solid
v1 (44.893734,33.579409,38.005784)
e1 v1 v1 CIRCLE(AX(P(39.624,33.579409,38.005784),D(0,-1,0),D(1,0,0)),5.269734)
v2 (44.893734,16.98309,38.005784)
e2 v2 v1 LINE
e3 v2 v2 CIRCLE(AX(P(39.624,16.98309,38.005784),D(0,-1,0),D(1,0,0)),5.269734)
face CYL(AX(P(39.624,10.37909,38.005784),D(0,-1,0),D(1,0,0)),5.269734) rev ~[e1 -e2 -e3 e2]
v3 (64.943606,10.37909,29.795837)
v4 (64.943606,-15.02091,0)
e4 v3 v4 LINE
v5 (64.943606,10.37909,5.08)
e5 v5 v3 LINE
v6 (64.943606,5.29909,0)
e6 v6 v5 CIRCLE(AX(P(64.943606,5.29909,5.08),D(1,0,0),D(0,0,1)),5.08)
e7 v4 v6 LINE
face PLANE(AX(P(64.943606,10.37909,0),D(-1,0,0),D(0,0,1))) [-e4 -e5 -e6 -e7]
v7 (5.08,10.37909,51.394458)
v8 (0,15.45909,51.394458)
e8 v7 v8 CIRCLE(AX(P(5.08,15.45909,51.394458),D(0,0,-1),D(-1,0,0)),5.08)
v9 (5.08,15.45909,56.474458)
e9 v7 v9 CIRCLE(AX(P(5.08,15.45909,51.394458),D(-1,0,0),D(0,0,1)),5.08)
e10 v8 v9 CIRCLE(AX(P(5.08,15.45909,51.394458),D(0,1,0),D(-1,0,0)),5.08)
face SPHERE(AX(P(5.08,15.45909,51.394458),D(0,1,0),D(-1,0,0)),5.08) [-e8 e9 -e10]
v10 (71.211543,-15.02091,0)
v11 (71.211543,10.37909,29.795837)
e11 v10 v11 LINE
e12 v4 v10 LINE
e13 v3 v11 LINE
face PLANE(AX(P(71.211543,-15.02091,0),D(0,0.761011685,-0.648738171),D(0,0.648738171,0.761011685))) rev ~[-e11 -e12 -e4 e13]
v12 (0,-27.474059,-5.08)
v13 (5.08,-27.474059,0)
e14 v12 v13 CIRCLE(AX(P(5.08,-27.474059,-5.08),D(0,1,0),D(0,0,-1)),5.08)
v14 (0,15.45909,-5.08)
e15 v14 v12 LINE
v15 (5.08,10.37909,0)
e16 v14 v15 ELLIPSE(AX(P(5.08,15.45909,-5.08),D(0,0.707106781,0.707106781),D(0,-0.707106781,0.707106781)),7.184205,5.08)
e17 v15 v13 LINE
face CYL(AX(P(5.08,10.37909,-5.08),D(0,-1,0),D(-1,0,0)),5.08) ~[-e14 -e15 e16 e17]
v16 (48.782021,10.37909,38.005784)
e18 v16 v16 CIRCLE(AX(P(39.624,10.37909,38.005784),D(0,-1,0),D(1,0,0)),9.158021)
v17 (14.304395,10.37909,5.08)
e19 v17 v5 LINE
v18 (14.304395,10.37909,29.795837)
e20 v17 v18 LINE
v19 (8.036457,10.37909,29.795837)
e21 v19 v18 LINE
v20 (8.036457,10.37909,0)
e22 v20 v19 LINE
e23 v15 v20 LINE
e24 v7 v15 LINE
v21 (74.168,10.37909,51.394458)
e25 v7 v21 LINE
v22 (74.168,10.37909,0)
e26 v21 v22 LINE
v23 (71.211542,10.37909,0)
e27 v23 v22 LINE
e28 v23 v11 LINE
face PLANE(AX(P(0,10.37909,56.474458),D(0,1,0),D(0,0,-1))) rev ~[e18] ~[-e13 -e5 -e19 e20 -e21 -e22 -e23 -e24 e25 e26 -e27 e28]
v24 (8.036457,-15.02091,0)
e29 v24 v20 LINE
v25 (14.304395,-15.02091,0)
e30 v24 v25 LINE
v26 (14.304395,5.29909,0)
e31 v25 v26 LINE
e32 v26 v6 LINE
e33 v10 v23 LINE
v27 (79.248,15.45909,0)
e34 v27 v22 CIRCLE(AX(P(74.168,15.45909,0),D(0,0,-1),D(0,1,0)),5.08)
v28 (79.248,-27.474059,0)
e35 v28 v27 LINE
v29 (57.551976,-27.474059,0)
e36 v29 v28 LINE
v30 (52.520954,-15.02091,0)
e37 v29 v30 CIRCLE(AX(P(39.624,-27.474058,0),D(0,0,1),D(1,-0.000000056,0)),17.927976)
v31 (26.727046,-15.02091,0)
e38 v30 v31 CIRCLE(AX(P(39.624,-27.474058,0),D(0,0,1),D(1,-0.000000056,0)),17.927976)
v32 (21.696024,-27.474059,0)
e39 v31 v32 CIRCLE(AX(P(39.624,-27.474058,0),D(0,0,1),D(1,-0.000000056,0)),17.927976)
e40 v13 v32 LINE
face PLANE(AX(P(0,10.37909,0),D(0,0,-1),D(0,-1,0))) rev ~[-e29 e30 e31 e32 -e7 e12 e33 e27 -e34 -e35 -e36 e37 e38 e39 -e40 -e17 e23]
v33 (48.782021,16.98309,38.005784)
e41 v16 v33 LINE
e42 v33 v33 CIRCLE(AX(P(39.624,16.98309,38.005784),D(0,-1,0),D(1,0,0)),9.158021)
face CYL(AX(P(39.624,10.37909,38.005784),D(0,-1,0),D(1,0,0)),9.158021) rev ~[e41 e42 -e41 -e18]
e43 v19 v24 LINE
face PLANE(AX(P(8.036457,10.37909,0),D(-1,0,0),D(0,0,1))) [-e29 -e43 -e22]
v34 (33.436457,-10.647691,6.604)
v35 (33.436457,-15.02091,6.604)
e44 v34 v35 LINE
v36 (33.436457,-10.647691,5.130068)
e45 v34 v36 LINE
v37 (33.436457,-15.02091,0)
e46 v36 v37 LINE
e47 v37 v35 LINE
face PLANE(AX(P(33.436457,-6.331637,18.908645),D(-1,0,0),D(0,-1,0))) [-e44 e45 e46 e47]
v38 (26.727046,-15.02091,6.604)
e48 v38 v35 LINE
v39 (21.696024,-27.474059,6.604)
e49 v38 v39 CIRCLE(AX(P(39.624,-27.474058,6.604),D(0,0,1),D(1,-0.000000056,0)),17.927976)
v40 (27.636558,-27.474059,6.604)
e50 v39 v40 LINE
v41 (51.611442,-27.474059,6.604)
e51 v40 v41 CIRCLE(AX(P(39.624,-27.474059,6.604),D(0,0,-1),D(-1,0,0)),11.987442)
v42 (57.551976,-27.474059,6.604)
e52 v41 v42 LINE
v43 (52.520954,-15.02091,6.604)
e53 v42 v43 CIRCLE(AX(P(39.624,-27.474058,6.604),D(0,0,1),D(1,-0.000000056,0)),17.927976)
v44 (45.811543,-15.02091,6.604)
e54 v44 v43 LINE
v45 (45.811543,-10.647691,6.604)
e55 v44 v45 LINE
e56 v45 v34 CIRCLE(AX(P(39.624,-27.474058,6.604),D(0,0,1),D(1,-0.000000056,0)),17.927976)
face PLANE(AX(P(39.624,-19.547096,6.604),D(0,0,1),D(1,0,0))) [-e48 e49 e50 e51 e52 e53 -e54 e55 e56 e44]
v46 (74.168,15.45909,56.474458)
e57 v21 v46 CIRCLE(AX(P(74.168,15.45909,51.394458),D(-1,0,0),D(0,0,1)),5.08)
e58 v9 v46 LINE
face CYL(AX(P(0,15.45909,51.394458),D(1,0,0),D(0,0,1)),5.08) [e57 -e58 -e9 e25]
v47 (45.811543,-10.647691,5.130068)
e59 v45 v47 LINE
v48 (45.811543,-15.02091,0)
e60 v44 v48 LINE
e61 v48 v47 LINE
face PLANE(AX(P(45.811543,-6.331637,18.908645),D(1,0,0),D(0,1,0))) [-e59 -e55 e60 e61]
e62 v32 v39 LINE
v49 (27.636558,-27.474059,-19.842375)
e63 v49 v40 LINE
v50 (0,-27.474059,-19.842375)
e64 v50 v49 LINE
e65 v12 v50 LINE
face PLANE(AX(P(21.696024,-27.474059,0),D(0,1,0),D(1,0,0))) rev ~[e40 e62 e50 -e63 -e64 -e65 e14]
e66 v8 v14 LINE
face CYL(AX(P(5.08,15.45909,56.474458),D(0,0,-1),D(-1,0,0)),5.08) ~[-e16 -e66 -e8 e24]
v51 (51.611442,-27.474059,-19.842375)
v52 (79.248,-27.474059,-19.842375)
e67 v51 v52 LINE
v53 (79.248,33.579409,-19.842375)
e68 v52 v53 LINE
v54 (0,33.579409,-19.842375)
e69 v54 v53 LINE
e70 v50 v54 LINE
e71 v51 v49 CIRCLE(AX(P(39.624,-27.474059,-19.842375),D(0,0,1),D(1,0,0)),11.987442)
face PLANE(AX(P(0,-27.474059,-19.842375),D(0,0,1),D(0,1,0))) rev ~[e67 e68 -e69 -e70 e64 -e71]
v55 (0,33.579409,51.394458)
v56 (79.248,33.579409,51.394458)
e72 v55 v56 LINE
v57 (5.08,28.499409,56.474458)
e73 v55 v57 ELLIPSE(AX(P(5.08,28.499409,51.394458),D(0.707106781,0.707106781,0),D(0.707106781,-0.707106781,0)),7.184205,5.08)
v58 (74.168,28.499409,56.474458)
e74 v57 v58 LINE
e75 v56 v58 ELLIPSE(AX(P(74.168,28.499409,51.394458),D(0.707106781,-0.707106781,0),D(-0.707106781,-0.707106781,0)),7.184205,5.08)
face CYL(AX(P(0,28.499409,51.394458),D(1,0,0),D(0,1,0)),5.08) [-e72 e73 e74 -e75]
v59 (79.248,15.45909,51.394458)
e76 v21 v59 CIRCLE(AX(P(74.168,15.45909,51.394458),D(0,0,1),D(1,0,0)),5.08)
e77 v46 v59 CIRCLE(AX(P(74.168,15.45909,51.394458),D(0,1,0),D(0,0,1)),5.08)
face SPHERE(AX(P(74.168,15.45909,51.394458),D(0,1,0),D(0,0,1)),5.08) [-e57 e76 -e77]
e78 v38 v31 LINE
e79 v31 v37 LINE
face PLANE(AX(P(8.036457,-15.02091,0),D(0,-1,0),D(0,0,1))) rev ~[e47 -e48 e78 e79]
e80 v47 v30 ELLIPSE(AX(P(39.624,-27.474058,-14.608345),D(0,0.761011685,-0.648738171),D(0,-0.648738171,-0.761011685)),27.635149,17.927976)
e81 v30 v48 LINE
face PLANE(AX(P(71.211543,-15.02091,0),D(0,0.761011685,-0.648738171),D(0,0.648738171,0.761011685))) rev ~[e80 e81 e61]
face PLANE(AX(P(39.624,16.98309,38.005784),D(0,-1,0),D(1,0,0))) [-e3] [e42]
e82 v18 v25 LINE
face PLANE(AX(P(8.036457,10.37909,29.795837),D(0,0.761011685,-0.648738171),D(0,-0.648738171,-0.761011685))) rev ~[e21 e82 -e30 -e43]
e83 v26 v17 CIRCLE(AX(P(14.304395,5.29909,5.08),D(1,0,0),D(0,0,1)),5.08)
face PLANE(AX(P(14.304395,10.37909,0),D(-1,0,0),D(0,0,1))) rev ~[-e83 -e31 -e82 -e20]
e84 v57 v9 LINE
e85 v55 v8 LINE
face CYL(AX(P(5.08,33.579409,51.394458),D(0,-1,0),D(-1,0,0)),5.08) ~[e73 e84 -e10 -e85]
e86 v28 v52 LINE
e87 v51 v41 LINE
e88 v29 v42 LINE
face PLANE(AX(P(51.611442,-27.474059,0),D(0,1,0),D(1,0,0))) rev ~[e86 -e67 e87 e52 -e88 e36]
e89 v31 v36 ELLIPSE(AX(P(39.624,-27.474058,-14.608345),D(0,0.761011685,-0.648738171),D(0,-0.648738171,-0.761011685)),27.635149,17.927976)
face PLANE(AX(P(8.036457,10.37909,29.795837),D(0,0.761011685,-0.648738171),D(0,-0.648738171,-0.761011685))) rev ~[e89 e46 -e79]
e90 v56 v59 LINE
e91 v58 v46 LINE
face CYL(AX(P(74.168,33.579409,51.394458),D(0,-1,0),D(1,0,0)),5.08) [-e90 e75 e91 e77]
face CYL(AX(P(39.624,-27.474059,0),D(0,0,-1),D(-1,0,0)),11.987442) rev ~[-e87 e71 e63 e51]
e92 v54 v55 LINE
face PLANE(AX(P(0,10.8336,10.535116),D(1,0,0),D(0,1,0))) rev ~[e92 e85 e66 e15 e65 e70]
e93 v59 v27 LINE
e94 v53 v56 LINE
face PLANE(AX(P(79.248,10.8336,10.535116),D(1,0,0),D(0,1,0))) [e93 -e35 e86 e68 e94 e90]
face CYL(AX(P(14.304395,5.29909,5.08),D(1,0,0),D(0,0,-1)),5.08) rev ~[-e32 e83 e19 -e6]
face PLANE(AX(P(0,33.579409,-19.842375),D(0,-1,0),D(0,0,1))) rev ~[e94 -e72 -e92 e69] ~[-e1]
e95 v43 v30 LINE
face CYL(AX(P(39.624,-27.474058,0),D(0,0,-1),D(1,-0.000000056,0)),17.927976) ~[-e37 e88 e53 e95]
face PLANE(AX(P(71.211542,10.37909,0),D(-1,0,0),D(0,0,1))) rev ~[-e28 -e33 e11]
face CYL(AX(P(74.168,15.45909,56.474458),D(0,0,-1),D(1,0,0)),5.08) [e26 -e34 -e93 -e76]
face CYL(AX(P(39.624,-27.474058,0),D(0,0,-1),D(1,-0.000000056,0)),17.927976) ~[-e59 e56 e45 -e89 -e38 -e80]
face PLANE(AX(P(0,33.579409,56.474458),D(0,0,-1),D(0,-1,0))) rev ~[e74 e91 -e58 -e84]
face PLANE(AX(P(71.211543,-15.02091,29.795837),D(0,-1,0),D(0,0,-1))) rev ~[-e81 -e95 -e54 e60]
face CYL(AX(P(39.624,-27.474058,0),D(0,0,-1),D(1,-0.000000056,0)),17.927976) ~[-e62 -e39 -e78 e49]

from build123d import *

# Parameters (mm, degrees)
F1_DEPTH  = 79.248
F2_W      = 6.267937
F2_H      = 29.795837
F3_DEPTH  = 25.4
F4_DEPTH  = 25.4
F6_DEPTH  = 25.4
F7_DEPTH  = 6.604
F9_DEPTH  = 25.4
F11_DEPTH = 25.4
F2_R      = 5.269734
F12_DEPTH = 25.4
F2_R_2    = 9.158021
F13_DEPTH = 6.604
F14_R     = 5.08


with BuildPart() as f1:
    # F0 (on Right) → F1 (new body)
    with BuildSketch(Plane.YZ):
        Polygon((33.579409, 56.474458), (10.37909, 56.474458), (10.37909, 0), (-27.474059, 0), (-27.474059, -19.842375), (33.579409, -19.842375), align=None)
    extrude(amount=F1_DEPTH)

    # F2 (on face) → F3 (join)
    with BuildSketch(Plane.XZ.offset(-10.37909)):
        with Locations((11.170426, 14.897918)):
            Rectangle(F2_W, F2_H)
    extrude(amount=F3_DEPTH)

    # F2 (on face) → F4 (join)
    with BuildSketch(Plane.XZ.offset(-10.37909)):
        with Locations((68.077574, 14.897918)):
            Rectangle(F2_W, F2_H)
    extrude(amount=F4_DEPTH)

    # F5 (on face) → F6 (cut)
    with BuildSketch(Plane.XY):
        with BuildLine():
            ThreePointArc((51.611442, -27.474059), (39.624, -15.486617), (27.636558, -27.474059))
            Line((27.636558, -27.474059), (51.611442, -27.474059))
        make_face()
    extrude(amount=-F6_DEPTH, mode=Mode.SUBTRACT)

    # F5 (on face) → F7 (join)
    with BuildSketch(Plane.XY):
        with BuildLine():
            Line((21.696024, -27.474059), (27.636558, -27.474059))
            ThreePointArc((27.636558, -27.474059), (39.624, -15.486617), (51.611442, -27.474059))
            Line((51.611442, -27.474059), (57.551976, -27.474059))
            ThreePointArc((57.551976, -27.474059), (39.624, -9.546082), (21.696024, -27.474059))
        make_face()
    extrude(amount=F7_DEPTH)

    # F8 (on face) → F9 (cut)
    with BuildSketch(Plane.YZ.offset(71.211543)):
        Polygon((-15.02091, 0), (10.37909, 29.795837), (-15.02091, 29.795837), align=None)
    extrude(amount=-F9_DEPTH, mode=Mode.SUBTRACT)

    # F10 (on face) → F11 (cut)
    with BuildSketch(Plane(origin=(8.036457, 0, 0), x_dir=(0, -1, 0), z_dir=(-1, 0, 0))):
        Polygon((15.02091, 29.795837), (-10.37909, 29.795837), (15.02091, 0), align=None)
    extrude(amount=-F11_DEPTH, mode=Mode.SUBTRACT)

    # F2 (on face) → F12 (cut)
    with BuildSketch(Plane.XZ.offset(-10.37909)):
        with Locations((39.624, 38.005784)):
            Circle(F2_R)
    extrude(amount=-F12_DEPTH, mode=Mode.SUBTRACT)

    # F2 (on face) → F13 (cut)
    with BuildSketch(Plane.XZ.offset(-10.37909)):
        with Locations((39.624, 38.005784)):
            Circle(F2_R_2)
        with Locations((39.624, 38.005784)):
            Circle(F2_R, mode=Mode.SUBTRACT)
    extrude(amount=-F13_DEPTH, mode=Mode.SUBTRACT)

    # F14
    f14_edges = [f1.edges().sort_by_distance(p)[0] for p in [
        (0, 21.97925, 56.474458),
        (79.248, 21.97925, 56.474458),
        (0, -8.547484, 0),
        (0, 10.37909, 28.237229),
        (39.624, 10.37909, 56.474458),
        (39.624, 33.579409, 56.474458),
        (79.248, 10.37909, 28.237229),
        (39.624, 10.37909, 0),
    ]]
    fillet(f14_edges, radius=F14_R)


solid = f1.part
